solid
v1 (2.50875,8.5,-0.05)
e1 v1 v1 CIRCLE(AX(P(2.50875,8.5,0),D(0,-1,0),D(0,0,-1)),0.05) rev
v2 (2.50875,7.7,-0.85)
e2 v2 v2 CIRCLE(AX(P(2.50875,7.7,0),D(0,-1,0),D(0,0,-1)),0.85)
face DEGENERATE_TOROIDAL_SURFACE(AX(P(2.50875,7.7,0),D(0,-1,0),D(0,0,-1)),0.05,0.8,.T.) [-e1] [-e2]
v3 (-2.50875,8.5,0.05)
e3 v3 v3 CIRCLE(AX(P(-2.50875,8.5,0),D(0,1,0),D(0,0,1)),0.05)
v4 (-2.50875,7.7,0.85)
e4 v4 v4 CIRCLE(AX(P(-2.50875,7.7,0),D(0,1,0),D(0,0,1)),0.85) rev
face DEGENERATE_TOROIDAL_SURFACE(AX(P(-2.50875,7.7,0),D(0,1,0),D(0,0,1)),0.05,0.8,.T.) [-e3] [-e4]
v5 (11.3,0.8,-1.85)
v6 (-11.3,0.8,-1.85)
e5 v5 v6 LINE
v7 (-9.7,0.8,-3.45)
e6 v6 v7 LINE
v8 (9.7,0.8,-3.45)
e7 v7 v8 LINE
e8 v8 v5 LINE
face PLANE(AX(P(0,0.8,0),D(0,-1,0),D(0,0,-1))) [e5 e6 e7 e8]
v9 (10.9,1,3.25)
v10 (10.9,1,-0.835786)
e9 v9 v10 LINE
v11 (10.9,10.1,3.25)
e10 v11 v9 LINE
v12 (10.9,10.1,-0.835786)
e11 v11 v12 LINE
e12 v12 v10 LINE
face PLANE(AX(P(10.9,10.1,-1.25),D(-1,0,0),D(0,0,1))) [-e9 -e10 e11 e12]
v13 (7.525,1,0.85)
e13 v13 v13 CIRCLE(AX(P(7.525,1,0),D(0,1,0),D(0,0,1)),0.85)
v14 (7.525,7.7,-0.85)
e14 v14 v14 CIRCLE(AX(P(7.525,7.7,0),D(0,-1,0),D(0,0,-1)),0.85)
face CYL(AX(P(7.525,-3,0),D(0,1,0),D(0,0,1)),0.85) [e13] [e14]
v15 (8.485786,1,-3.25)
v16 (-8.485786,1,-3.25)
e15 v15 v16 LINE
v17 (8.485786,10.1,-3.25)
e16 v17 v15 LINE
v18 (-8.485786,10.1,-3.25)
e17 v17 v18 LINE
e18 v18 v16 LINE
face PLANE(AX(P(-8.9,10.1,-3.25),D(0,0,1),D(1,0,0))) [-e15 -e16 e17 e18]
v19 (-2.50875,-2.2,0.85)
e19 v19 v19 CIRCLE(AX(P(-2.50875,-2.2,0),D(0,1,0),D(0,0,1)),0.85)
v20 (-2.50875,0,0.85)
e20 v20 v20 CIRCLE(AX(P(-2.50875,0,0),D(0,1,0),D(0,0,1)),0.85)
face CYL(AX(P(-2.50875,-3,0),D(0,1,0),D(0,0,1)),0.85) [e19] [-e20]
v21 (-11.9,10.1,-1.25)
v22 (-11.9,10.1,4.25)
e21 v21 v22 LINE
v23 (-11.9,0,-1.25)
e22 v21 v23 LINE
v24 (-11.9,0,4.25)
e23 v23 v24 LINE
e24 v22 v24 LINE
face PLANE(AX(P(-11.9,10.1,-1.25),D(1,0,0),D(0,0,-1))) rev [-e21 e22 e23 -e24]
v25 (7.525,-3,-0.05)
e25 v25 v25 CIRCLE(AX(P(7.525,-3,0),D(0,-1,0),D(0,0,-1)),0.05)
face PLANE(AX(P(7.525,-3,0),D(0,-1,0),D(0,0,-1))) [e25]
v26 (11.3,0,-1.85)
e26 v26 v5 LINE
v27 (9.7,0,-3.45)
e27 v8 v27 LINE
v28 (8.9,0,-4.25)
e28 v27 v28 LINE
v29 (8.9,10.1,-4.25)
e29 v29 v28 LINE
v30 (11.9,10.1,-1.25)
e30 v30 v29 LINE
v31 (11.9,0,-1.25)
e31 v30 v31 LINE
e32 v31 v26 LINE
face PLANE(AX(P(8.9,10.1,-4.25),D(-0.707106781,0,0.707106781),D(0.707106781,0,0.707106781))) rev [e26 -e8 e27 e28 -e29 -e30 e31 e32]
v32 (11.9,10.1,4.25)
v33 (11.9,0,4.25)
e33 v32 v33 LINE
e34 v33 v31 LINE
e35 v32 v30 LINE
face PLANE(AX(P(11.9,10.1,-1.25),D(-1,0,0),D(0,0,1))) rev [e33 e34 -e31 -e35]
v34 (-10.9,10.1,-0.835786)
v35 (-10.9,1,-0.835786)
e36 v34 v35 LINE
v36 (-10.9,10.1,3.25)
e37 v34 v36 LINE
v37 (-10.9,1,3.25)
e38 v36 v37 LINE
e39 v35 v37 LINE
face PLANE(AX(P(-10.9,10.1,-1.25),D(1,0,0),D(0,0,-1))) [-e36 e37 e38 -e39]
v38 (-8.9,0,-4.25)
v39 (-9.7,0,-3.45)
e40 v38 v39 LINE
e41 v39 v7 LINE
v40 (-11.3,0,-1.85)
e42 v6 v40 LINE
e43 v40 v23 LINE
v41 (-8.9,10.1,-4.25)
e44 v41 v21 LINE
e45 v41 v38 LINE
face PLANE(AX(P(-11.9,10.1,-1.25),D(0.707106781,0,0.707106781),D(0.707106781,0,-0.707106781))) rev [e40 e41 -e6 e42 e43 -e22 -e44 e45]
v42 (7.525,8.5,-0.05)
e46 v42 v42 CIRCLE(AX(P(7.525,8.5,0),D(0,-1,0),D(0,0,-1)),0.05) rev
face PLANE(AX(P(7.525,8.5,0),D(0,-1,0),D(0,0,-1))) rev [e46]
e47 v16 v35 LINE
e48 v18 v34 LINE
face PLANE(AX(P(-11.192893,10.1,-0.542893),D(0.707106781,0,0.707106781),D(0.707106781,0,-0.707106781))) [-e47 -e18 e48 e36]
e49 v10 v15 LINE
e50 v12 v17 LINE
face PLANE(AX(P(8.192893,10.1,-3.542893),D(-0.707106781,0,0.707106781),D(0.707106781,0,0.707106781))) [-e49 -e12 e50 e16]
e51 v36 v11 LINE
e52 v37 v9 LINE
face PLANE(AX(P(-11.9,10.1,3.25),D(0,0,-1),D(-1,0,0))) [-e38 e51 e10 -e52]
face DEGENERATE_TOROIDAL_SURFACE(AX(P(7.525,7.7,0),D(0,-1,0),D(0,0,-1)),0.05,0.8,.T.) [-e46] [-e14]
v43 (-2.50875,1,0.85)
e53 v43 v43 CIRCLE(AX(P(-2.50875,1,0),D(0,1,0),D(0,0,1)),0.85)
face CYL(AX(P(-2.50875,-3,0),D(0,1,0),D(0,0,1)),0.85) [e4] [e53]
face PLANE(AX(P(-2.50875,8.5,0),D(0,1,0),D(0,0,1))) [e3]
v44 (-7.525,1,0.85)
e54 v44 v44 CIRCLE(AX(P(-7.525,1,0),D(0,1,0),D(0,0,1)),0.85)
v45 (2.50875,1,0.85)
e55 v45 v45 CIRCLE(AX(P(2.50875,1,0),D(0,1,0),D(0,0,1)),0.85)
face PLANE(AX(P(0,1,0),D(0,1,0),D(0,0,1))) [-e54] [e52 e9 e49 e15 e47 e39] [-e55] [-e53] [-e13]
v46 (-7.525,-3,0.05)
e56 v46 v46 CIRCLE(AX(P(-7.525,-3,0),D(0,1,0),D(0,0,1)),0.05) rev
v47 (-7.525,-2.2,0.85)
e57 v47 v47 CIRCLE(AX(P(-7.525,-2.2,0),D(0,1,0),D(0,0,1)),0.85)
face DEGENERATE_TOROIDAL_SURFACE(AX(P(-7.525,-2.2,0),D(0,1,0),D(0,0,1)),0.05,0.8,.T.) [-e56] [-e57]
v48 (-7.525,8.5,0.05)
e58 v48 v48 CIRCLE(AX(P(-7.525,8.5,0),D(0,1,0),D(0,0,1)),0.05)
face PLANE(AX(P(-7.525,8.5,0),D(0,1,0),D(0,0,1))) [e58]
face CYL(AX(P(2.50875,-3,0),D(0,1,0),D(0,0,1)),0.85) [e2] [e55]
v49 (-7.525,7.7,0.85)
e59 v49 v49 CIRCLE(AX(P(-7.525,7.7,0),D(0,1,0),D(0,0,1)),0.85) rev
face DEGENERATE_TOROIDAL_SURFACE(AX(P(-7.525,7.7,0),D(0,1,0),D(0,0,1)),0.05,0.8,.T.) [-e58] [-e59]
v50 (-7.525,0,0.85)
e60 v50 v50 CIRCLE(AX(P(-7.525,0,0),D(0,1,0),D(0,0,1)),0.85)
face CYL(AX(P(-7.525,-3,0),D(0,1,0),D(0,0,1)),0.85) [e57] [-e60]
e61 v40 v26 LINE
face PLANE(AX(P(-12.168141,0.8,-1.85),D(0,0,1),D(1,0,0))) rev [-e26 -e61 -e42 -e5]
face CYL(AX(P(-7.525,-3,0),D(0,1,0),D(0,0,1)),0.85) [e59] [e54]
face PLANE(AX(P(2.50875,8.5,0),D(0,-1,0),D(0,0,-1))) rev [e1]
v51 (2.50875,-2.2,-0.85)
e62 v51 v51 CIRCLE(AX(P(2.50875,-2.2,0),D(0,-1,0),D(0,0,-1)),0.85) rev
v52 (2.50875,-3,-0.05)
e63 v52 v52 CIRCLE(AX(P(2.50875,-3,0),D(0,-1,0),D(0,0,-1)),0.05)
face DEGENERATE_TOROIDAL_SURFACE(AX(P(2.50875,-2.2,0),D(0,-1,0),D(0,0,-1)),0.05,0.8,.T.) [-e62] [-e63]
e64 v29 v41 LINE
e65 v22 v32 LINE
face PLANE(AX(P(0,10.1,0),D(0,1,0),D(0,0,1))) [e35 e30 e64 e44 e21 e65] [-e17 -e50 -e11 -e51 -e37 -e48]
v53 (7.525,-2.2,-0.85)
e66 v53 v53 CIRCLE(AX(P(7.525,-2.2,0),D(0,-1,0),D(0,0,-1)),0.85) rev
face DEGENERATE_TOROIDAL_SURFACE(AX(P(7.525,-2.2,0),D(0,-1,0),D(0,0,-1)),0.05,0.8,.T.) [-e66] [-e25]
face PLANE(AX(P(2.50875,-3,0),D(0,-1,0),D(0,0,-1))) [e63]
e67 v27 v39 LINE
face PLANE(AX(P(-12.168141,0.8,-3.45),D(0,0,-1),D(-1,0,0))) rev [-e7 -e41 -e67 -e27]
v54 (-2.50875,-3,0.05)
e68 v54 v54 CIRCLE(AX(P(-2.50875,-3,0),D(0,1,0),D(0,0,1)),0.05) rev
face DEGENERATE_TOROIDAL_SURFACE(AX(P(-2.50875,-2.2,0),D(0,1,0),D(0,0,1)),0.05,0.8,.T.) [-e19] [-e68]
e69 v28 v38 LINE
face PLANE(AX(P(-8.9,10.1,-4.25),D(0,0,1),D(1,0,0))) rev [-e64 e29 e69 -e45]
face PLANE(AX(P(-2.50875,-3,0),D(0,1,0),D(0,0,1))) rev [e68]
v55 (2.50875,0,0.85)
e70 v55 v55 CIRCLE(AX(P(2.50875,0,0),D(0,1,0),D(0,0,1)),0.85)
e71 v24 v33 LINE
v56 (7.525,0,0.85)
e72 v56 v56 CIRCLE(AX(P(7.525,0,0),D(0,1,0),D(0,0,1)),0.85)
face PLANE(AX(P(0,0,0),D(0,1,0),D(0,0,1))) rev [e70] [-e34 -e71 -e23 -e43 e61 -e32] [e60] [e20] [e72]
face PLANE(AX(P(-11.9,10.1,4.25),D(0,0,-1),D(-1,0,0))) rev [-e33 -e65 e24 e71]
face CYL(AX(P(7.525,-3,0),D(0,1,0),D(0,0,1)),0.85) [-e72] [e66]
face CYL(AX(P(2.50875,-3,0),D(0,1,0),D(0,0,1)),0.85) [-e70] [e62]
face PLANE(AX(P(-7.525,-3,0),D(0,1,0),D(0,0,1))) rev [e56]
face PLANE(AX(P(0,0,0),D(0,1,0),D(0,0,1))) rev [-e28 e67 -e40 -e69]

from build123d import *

# Parameters (mm, degrees)
BOSS_EXTRUDE1_DEPTH      = 10.1
SHELL1_T                 = -1
BOSS_EXTRUDE2_DEPTH      = 7.5
BOSS_EXTRUDE2_DEPTH_BACK = 4
SKETCH3_R                = 0.85
FILLET2_R                = 0.8
SKETCH4_W                = 26.621777211
SKETCH4_H                = 1.6
CUT_EXTRUDE1_DEPTH       = 0.8


with BuildPart() as part:
    # Sketch2 → Boss-Extrude1 (new body)
    with BuildSketch(Plane(origin=(0, 0, 0), x_dir=(1, 0, 0), z_dir=(0, 1, 0))):
        Polygon((-11.9, 1.25), (-8.9, 4.25), (8.9, 4.25), (11.9, 1.25), (11.9, -4.25), (-11.9, -4.25), align=None)
    extrude(amount=BOSS_EXTRUDE1_DEPTH)

    # Shell1
    shell1_openings = [part.faces().sort_by_distance(p)[0] for p in [
        (0, 10.1, 0.151319193),
    ]]
    offset(amount=SHELL1_T, openings=shell1_openings, kind=Kind.INTERSECTION)

    # Sketch3 → Boss-Extrude2 (add, two sides: drawn at the far end of the back side and taken through both)
    with BuildSketch(Plane(origin=(0, 1, 0), x_dir=(1, 0, 0), z_dir=(0, 1, 0)).offset(-BOSS_EXTRUDE2_DEPTH_BACK)):
        with Locations(Location((-7.525, 0, 0), (0, 0, 270))):
            Circle(SKETCH3_R)
        with Locations(Location((-2.50875, 0, 0), (0, 0, 270))):
            Circle(SKETCH3_R)
        with Locations(Location((7.525, 0, 0), (0, 0, 270))):
            Circle(SKETCH3_R)
        with Locations(Location((2.50875, 0, 0), (0, 0, 270))):
            Circle(SKETCH3_R)
    extrude(amount=BOSS_EXTRUDE2_DEPTH + BOSS_EXTRUDE2_DEPTH_BACK)

    # Fillet2
    fillet2_edges = [part.edges().sort_by_distance(p)[0] for p in [
        (-7.525, -3, -0.85),
        (-7.525, 8.5, -0.85),
        (-2.50875, -3, -0.85),
        (-2.50875, 8.5, -0.85),
        (7.525, -3, -0.85),
        (7.525, 8.5, -0.85),
        (2.50875, -3, -0.85),
        (2.50875, 8.5, -0.85),
    ]]
    fillet(fillet2_edges, radius=FILLET2_R)

    # Sketch4 → Cut-Extrude1 (cut)
    with BuildSketch(Plane.XZ):
        with Locations((1.142747193, -2.65)):
            Rectangle(SKETCH4_W, SKETCH4_H)
    extrude(amount=-CUT_EXTRUDE1_DEPTH, mode=Mode.SUBTRACT)


solid = part.part
